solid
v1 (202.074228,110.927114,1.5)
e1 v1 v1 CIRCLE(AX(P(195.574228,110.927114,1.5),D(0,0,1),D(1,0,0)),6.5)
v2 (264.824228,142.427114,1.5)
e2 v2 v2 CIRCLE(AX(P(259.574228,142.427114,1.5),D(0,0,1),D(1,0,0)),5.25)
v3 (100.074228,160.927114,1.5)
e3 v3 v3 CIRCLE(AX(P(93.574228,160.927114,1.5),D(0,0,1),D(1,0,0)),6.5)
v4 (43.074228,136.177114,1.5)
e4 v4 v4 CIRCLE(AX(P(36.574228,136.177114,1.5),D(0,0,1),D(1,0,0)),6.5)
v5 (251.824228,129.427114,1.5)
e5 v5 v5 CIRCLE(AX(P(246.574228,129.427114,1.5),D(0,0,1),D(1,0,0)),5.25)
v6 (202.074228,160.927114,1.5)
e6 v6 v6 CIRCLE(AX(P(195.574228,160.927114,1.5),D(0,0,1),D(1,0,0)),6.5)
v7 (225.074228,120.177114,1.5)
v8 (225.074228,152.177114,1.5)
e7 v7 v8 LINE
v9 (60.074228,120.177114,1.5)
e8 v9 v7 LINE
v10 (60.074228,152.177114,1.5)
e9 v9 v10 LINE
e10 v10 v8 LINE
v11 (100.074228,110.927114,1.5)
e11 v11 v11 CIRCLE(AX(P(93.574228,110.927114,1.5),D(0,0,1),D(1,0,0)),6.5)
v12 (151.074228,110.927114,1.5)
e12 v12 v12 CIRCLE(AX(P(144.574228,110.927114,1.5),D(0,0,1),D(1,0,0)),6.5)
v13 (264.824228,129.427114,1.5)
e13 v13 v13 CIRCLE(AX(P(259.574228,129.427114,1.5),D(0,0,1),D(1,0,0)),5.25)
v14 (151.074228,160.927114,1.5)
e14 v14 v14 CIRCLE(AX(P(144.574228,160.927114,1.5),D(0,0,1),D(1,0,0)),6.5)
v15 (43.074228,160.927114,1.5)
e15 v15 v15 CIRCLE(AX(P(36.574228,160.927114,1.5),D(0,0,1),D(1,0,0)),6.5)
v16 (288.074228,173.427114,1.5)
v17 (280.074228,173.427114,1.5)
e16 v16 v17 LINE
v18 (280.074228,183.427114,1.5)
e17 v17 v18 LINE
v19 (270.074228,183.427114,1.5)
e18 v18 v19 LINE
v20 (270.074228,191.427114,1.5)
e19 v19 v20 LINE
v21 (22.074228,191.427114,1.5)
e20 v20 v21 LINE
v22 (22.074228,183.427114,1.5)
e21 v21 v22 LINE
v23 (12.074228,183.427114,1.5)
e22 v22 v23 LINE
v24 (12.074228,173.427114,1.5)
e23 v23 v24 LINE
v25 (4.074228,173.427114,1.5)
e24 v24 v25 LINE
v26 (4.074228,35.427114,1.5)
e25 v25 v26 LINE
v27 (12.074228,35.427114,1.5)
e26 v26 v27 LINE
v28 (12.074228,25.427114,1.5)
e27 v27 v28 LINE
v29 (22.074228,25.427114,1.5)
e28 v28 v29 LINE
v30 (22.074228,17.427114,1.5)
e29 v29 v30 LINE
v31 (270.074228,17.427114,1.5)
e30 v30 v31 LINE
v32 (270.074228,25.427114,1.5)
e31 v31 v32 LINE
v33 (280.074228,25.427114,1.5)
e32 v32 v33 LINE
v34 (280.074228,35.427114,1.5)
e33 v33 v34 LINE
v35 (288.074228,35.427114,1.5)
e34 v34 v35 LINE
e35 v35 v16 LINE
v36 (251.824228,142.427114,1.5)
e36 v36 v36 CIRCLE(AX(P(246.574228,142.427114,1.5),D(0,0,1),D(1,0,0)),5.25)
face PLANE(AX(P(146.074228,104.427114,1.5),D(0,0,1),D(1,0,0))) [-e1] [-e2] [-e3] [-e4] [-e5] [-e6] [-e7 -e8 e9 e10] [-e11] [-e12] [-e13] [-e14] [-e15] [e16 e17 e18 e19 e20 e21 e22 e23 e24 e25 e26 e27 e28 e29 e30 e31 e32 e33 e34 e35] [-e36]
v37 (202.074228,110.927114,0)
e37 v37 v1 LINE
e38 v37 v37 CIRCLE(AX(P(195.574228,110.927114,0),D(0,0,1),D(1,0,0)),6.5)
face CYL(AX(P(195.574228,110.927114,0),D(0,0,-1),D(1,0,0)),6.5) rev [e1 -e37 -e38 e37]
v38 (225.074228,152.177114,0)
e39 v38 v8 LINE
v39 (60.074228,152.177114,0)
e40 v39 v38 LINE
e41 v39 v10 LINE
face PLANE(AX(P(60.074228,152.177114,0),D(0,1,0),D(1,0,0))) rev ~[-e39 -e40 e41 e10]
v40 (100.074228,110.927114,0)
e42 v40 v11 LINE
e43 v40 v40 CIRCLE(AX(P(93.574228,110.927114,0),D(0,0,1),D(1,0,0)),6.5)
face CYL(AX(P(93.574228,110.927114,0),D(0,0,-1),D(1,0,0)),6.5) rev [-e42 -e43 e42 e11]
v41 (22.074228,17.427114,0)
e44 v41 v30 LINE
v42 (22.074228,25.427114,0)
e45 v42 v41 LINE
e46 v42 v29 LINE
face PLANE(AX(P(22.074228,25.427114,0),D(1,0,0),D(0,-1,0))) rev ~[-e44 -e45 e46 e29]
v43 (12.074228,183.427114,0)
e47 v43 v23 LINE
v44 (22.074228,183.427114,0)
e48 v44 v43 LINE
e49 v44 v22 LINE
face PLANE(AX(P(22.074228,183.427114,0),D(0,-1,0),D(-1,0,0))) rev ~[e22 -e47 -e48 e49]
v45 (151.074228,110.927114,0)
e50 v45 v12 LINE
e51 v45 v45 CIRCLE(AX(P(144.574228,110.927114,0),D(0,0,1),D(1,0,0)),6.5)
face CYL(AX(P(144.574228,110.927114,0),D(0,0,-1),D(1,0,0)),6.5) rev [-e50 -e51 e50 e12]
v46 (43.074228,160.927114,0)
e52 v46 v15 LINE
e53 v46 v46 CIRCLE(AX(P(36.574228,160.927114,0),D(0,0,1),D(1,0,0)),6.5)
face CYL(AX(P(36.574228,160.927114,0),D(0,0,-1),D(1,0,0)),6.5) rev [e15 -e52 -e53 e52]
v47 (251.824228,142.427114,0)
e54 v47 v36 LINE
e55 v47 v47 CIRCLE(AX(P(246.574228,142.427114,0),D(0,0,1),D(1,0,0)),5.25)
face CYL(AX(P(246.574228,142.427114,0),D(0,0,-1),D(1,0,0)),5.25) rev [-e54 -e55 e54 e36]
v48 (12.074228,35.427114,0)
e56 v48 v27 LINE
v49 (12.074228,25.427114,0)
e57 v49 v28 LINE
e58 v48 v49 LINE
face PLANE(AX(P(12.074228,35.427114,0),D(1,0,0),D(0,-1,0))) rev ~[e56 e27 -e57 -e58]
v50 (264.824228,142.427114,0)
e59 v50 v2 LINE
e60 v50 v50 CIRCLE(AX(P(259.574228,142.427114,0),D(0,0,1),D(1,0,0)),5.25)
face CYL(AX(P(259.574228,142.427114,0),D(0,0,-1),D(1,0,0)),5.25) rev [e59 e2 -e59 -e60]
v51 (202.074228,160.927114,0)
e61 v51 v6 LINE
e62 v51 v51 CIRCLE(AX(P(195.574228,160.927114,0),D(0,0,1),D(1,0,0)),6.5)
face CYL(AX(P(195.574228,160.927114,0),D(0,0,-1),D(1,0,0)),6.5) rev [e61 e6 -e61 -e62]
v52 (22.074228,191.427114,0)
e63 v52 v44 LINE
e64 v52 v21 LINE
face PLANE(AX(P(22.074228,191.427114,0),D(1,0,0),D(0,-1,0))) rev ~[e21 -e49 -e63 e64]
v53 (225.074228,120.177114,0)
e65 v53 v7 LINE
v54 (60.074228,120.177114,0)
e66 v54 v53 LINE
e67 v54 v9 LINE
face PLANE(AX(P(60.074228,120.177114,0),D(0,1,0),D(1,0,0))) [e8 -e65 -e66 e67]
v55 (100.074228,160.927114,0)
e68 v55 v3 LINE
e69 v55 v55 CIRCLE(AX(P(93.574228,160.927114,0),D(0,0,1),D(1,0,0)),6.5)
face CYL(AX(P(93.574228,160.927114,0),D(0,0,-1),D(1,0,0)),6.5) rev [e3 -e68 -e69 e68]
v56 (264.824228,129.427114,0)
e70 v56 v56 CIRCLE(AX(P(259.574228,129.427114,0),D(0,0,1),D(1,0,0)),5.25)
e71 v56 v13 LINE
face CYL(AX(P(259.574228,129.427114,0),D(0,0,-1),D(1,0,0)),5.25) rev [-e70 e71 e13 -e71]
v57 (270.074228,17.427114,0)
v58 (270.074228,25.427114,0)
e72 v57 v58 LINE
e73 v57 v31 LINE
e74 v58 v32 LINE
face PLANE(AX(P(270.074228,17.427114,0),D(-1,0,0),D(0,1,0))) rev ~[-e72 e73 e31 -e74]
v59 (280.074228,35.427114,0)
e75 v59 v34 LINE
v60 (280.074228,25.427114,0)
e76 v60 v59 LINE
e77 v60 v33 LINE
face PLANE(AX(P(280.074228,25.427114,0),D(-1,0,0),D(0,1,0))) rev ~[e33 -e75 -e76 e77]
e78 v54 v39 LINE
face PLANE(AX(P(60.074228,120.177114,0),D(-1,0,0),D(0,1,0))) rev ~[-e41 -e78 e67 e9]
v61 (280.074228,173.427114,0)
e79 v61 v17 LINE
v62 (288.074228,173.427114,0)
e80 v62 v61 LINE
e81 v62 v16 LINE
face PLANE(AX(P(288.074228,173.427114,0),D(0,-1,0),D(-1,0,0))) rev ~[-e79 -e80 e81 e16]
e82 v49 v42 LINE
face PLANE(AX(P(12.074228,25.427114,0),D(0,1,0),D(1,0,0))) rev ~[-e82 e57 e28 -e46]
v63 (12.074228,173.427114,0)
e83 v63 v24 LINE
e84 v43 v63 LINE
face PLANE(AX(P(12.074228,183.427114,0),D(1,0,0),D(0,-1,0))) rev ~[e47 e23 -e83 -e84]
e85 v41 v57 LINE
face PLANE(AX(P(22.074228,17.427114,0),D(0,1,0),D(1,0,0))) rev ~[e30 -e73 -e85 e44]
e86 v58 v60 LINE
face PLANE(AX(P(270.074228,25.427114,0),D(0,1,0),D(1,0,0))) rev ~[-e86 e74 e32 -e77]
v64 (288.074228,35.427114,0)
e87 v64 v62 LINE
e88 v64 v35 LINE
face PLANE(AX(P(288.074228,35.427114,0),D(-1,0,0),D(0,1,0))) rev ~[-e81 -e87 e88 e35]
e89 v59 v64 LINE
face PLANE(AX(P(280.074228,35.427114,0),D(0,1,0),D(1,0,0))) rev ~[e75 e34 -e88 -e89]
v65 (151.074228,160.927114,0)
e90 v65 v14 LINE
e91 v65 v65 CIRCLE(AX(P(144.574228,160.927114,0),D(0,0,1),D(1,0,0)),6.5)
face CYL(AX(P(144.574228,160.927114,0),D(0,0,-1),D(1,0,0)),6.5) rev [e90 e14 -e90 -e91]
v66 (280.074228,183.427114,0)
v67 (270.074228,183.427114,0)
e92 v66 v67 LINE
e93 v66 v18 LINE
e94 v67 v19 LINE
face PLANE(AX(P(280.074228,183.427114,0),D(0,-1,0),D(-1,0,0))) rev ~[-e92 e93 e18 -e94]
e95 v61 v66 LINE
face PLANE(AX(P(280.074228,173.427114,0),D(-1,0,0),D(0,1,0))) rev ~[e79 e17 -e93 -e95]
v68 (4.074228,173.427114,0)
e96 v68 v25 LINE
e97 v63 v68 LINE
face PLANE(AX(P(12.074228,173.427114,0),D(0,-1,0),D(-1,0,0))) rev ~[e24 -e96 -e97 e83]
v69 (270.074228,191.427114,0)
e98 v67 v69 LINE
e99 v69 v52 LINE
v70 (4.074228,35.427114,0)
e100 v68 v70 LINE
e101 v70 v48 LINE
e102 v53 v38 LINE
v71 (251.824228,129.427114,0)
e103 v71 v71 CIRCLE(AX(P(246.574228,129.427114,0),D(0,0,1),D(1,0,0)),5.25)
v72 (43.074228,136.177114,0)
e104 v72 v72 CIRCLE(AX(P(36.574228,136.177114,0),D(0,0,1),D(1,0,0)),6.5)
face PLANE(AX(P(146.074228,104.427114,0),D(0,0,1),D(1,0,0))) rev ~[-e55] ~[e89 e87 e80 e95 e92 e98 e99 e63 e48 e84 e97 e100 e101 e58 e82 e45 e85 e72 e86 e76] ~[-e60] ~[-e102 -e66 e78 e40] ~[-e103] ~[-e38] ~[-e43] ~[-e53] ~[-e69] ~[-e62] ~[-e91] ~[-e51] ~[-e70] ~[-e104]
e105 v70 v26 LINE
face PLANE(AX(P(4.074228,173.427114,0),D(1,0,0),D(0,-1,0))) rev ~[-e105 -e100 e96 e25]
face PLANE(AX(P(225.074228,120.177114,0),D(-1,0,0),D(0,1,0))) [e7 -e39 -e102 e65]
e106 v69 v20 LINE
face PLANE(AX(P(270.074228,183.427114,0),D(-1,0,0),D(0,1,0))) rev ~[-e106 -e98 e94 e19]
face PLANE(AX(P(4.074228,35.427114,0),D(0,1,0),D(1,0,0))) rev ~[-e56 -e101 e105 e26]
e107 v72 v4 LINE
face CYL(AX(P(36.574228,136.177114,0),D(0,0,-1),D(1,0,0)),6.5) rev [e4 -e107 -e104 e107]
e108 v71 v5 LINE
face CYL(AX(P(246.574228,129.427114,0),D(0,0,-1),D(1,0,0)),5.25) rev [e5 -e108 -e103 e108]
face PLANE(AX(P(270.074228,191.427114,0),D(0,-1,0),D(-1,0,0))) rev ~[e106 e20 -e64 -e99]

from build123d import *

# Parameters (mm, degrees)
MODEL_R                  = 6.5
MODEL_R_2                = 5.25
MODEL_W                  = 165
MODEL_H                  = 32
RESSALTO_EXTRUS_O1_DEPTH = 1.5


with BuildPart() as part:
    # Model → Ressalto-extrusão1 (new body)
    with BuildSketch(Plane.XY):
        Polygon((270.074227849, 25.427113901), (280.074227849, 25.427113901), (280.074227849, 35.427113901), (288.074227849, 35.427113901), (288.074227849, 173.427113901), (280.074227849, 173.427113901), (280.074227849, 183.427113901), (270.074227849, 183.427113901), (270.074227849, 191.427113901), (22.074227849, 191.427113901), (22.074227849, 183.427113901), (12.074227849, 183.427113901), (12.074227849, 173.427113901), (4.074227849, 173.427113901), (4.074227849, 35.427113901), (12.074227849, 35.427113901), (12.074227849, 25.427113901), (22.074227849, 25.427113901), (22.074227849, 17.427113901), (270.074227849, 17.427113901), align=None)
        with Locations((36.574227849, 160.927113901)):
            Circle(MODEL_R, mode=Mode.SUBTRACT)
        with Locations((36.574227849, 136.177113901)):
            Circle(MODEL_R, mode=Mode.SUBTRACT)
        with Locations((93.574227849, 110.927113901)):
            Circle(MODEL_R, mode=Mode.SUBTRACT)
        with Locations((144.574227849, 110.927113901)):
            Circle(MODEL_R, mode=Mode.SUBTRACT)
        with Locations((195.574227849, 110.927113901)):
            Circle(MODEL_R, mode=Mode.SUBTRACT)
        with Locations((195.574227849, 160.927113901)):
            Circle(MODEL_R, mode=Mode.SUBTRACT)
        with Locations((144.574227849, 160.927113901)):
            Circle(MODEL_R, mode=Mode.SUBTRACT)
        with Locations((93.574227849, 160.927113901)):
            Circle(MODEL_R, mode=Mode.SUBTRACT)
        with Locations((246.574227849, 142.427113901)):
            Circle(MODEL_R_2, mode=Mode.SUBTRACT)
        with Locations((259.574227849, 142.427113901)):
            Circle(MODEL_R_2, mode=Mode.SUBTRACT)
        with Locations((259.574227849, 129.427113901)):
            Circle(MODEL_R_2, mode=Mode.SUBTRACT)
        with Locations((246.574227849, 129.427113901)):
            Circle(MODEL_R_2, mode=Mode.SUBTRACT)
        with Locations((142.574227849, 136.177113901)):
            Rectangle(MODEL_W, MODEL_H, mode=Mode.SUBTRACT)
    extrude(amount=RESSALTO_EXTRUS_O1_DEPTH)


solid = part.part
